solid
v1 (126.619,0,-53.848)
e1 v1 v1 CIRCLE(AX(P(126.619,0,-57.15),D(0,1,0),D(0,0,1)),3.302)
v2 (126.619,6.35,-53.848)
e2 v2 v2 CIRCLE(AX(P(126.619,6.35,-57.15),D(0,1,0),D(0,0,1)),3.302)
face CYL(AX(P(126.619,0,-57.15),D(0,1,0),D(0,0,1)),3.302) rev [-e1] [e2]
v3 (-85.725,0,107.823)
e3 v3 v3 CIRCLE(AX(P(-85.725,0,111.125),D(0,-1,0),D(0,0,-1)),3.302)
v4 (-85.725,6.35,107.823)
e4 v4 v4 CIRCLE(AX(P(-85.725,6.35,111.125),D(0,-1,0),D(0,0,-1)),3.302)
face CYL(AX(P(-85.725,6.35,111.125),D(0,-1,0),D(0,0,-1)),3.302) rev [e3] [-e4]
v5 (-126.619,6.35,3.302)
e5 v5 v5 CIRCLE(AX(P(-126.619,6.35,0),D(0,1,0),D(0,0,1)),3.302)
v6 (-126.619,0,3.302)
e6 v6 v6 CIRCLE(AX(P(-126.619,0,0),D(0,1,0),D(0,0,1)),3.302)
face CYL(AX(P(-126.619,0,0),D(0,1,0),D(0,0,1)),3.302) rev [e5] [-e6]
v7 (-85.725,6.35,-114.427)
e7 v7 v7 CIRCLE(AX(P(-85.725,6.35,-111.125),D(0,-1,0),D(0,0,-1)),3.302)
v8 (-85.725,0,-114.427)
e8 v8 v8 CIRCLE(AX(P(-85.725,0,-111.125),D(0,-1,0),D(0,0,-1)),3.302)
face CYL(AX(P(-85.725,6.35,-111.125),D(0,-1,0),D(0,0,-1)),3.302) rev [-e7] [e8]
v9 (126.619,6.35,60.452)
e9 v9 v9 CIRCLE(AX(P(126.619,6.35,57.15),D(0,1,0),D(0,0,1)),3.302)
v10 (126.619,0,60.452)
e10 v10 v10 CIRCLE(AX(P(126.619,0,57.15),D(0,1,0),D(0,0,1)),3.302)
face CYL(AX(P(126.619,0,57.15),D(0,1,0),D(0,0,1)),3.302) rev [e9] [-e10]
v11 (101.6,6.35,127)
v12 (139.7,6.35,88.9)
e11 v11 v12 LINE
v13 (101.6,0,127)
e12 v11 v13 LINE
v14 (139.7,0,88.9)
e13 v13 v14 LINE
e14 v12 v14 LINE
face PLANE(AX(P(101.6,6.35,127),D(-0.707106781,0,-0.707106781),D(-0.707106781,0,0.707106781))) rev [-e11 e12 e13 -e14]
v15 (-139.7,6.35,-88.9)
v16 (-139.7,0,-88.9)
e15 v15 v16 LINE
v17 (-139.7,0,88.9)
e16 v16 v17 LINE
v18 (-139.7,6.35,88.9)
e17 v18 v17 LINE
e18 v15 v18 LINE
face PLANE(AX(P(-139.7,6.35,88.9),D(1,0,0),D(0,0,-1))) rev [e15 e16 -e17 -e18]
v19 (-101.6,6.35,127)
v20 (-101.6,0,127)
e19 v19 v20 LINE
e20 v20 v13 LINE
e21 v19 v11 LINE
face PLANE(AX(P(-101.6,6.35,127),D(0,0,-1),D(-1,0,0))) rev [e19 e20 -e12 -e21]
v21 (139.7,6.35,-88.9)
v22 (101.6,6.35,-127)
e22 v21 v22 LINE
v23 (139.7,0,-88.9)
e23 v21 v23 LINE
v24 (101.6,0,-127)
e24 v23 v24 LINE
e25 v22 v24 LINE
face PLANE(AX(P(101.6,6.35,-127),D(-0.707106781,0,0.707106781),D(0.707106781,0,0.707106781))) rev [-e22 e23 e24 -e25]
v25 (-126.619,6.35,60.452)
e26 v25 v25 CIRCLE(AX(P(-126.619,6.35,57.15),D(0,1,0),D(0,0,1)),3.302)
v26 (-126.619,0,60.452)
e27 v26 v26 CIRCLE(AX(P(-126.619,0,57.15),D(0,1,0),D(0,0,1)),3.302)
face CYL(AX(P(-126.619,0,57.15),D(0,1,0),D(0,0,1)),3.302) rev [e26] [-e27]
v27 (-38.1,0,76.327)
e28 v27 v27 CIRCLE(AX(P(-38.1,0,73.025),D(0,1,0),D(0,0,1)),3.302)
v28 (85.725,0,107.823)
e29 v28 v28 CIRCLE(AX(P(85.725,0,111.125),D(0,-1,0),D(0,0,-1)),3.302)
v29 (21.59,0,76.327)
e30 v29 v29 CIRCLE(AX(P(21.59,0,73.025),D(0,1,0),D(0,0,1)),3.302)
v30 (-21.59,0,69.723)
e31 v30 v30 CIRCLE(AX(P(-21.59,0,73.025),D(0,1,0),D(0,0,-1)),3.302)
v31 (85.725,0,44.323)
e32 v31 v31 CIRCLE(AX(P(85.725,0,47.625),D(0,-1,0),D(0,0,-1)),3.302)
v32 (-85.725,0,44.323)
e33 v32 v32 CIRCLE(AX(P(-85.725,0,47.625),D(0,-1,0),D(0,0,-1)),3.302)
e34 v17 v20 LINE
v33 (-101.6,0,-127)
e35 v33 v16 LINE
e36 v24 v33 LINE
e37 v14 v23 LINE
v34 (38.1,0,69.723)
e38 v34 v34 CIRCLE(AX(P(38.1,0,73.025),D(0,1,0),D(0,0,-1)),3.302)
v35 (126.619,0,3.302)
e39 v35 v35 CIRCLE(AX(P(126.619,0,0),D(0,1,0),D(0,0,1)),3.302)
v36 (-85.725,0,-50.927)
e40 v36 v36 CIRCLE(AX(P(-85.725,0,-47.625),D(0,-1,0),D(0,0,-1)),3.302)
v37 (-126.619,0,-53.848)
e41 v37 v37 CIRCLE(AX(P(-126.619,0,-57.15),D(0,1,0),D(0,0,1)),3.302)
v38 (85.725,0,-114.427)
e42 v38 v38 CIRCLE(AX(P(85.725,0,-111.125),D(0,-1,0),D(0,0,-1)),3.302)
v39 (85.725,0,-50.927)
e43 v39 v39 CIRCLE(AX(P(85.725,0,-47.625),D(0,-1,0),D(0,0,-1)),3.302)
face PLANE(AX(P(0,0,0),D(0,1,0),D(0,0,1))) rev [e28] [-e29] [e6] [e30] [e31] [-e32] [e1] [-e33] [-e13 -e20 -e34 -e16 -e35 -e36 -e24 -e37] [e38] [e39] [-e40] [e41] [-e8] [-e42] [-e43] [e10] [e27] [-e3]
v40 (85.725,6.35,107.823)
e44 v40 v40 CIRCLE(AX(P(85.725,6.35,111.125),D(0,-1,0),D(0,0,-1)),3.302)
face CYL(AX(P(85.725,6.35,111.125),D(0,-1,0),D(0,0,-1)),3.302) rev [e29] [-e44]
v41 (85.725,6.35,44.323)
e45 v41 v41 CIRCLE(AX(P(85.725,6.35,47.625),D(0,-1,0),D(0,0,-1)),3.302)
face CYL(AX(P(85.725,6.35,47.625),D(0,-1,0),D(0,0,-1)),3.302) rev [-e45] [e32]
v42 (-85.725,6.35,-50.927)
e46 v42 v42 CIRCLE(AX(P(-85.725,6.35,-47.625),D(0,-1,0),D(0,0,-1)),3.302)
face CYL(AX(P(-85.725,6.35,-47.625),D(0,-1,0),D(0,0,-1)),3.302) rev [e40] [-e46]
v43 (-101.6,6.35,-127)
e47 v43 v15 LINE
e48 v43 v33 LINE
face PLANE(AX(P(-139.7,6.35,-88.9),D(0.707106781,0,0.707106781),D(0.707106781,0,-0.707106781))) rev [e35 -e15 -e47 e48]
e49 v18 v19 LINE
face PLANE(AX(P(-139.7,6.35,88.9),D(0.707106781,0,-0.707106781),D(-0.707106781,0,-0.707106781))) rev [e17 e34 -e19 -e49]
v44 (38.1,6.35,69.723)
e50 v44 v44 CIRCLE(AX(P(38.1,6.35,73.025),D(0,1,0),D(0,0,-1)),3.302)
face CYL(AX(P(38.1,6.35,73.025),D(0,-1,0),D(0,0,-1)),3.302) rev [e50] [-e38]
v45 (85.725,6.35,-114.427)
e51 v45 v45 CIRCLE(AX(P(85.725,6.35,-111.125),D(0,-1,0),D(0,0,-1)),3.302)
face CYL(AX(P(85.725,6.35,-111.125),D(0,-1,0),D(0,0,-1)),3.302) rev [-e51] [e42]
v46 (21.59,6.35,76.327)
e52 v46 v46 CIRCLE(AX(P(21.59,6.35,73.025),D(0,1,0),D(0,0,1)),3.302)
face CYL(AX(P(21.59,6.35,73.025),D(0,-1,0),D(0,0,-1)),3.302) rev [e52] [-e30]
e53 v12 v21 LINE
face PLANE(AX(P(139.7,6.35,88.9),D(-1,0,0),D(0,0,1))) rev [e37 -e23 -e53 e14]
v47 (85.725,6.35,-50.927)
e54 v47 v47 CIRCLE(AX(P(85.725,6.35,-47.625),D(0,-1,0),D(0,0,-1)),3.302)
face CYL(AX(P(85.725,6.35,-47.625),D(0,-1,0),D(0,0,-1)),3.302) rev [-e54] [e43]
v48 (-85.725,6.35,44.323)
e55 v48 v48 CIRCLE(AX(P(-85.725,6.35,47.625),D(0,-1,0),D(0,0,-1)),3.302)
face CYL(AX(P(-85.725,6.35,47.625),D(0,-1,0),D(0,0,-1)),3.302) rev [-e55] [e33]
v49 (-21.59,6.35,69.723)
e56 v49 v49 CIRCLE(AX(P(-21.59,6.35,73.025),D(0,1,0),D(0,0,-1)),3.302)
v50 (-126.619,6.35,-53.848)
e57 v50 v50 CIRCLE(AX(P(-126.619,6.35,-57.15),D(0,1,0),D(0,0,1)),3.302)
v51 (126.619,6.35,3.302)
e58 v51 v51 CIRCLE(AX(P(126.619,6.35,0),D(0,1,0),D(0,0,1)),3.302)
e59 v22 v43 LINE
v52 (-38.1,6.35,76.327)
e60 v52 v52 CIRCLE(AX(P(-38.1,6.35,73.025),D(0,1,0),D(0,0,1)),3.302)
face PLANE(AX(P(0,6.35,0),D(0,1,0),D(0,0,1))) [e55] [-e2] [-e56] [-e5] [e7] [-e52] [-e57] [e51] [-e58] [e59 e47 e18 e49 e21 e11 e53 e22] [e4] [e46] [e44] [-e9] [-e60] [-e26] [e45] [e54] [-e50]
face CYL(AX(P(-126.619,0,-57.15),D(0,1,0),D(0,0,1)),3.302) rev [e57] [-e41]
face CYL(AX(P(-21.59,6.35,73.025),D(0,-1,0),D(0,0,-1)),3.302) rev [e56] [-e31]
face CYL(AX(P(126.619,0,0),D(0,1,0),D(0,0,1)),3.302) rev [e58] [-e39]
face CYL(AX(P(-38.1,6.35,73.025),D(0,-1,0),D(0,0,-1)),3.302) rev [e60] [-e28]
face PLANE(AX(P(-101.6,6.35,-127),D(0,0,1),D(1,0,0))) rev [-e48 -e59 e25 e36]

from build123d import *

# Parameters (mm, degrees)
SKETCH2_R           = 3.302
BOSS_EXTRUDE1_DEPTH = 6.35
SKETCH3_R           = 3.302
CUT_EXTRUDE1_DEPTH  = 7.35
SKETCH4_R           = 3.302
CUT_EXTRUDE2_DEPTH  = 7.35


with BuildPart() as part:
    # Sketch2 → Boss-Extrude1 (new body)
    with BuildSketch(Plane(origin=(0, 0, 0), x_dir=(1, 0, 0), z_dir=(0, 1, 0))):
        Polygon((-139.7, -88.9), (-139.7, 88.9), (-101.6, 127), (101.6, 127), (139.7, 88.9), (139.7, -88.9), (101.6, -127), (-101.6, -127), align=None)
        with Locations((-21.59, -73.025)):
            Circle(SKETCH2_R, mode=Mode.SUBTRACT)
        with Locations((-38.1, -73.025)):
            Circle(SKETCH2_R, mode=Mode.SUBTRACT)
        with Locations((38.1, -73.025)):
            Circle(SKETCH2_R, mode=Mode.SUBTRACT)
        with Locations((21.59, -73.025)):
            Circle(SKETCH2_R, mode=Mode.SUBTRACT)
    extrude(amount=BOSS_EXTRUDE1_DEPTH)

    # Sketch3 → Cut-Extrude1 (cut, through all)
    with BuildSketch(Plane(origin=(0, 6.35, 0), x_dir=(1, 0, 0), z_dir=(0, 1, 0))):
        with Locations((-126.619, 57.15)):
            Circle(SKETCH3_R)
        with Locations((-126.619, -57.15)):
            Circle(SKETCH3_R)
        with Locations((126.619, -57.15)):
            Circle(SKETCH3_R)
        with Locations((126.619, 0)):
            Circle(SKETCH3_R)
        with Locations((126.619, 57.15)):
            Circle(SKETCH3_R)
        with Locations((-126.619, 0)):
            Circle(SKETCH3_R)
    extrude(amount=-CUT_EXTRUDE1_DEPTH, mode=Mode.SUBTRACT)

    # Sketch4 → Cut-Extrude2 (cut, through all)
    with BuildSketch(Plane.XZ):
        with Locations((-85.725, 111.125)):
            Circle(SKETCH4_R)
        with Locations((-85.725, -111.125)):
            Circle(SKETCH4_R)
        with Locations((85.725, -111.125)):
            Circle(SKETCH4_R)
        with Locations((85.725, -47.625)):
            Circle(SKETCH4_R)
        with Locations((85.725, 47.625)):
            Circle(SKETCH4_R)
        with Locations((85.725, 111.125)):
            Circle(SKETCH4_R)
        with Locations((-85.725, 47.625)):
            Circle(SKETCH4_R)
        with Locations((-85.725, -47.625)):
            Circle(SKETCH4_R)
    extrude(amount=-CUT_EXTRUDE2_DEPTH, mode=Mode.SUBTRACT)


solid = part.part
